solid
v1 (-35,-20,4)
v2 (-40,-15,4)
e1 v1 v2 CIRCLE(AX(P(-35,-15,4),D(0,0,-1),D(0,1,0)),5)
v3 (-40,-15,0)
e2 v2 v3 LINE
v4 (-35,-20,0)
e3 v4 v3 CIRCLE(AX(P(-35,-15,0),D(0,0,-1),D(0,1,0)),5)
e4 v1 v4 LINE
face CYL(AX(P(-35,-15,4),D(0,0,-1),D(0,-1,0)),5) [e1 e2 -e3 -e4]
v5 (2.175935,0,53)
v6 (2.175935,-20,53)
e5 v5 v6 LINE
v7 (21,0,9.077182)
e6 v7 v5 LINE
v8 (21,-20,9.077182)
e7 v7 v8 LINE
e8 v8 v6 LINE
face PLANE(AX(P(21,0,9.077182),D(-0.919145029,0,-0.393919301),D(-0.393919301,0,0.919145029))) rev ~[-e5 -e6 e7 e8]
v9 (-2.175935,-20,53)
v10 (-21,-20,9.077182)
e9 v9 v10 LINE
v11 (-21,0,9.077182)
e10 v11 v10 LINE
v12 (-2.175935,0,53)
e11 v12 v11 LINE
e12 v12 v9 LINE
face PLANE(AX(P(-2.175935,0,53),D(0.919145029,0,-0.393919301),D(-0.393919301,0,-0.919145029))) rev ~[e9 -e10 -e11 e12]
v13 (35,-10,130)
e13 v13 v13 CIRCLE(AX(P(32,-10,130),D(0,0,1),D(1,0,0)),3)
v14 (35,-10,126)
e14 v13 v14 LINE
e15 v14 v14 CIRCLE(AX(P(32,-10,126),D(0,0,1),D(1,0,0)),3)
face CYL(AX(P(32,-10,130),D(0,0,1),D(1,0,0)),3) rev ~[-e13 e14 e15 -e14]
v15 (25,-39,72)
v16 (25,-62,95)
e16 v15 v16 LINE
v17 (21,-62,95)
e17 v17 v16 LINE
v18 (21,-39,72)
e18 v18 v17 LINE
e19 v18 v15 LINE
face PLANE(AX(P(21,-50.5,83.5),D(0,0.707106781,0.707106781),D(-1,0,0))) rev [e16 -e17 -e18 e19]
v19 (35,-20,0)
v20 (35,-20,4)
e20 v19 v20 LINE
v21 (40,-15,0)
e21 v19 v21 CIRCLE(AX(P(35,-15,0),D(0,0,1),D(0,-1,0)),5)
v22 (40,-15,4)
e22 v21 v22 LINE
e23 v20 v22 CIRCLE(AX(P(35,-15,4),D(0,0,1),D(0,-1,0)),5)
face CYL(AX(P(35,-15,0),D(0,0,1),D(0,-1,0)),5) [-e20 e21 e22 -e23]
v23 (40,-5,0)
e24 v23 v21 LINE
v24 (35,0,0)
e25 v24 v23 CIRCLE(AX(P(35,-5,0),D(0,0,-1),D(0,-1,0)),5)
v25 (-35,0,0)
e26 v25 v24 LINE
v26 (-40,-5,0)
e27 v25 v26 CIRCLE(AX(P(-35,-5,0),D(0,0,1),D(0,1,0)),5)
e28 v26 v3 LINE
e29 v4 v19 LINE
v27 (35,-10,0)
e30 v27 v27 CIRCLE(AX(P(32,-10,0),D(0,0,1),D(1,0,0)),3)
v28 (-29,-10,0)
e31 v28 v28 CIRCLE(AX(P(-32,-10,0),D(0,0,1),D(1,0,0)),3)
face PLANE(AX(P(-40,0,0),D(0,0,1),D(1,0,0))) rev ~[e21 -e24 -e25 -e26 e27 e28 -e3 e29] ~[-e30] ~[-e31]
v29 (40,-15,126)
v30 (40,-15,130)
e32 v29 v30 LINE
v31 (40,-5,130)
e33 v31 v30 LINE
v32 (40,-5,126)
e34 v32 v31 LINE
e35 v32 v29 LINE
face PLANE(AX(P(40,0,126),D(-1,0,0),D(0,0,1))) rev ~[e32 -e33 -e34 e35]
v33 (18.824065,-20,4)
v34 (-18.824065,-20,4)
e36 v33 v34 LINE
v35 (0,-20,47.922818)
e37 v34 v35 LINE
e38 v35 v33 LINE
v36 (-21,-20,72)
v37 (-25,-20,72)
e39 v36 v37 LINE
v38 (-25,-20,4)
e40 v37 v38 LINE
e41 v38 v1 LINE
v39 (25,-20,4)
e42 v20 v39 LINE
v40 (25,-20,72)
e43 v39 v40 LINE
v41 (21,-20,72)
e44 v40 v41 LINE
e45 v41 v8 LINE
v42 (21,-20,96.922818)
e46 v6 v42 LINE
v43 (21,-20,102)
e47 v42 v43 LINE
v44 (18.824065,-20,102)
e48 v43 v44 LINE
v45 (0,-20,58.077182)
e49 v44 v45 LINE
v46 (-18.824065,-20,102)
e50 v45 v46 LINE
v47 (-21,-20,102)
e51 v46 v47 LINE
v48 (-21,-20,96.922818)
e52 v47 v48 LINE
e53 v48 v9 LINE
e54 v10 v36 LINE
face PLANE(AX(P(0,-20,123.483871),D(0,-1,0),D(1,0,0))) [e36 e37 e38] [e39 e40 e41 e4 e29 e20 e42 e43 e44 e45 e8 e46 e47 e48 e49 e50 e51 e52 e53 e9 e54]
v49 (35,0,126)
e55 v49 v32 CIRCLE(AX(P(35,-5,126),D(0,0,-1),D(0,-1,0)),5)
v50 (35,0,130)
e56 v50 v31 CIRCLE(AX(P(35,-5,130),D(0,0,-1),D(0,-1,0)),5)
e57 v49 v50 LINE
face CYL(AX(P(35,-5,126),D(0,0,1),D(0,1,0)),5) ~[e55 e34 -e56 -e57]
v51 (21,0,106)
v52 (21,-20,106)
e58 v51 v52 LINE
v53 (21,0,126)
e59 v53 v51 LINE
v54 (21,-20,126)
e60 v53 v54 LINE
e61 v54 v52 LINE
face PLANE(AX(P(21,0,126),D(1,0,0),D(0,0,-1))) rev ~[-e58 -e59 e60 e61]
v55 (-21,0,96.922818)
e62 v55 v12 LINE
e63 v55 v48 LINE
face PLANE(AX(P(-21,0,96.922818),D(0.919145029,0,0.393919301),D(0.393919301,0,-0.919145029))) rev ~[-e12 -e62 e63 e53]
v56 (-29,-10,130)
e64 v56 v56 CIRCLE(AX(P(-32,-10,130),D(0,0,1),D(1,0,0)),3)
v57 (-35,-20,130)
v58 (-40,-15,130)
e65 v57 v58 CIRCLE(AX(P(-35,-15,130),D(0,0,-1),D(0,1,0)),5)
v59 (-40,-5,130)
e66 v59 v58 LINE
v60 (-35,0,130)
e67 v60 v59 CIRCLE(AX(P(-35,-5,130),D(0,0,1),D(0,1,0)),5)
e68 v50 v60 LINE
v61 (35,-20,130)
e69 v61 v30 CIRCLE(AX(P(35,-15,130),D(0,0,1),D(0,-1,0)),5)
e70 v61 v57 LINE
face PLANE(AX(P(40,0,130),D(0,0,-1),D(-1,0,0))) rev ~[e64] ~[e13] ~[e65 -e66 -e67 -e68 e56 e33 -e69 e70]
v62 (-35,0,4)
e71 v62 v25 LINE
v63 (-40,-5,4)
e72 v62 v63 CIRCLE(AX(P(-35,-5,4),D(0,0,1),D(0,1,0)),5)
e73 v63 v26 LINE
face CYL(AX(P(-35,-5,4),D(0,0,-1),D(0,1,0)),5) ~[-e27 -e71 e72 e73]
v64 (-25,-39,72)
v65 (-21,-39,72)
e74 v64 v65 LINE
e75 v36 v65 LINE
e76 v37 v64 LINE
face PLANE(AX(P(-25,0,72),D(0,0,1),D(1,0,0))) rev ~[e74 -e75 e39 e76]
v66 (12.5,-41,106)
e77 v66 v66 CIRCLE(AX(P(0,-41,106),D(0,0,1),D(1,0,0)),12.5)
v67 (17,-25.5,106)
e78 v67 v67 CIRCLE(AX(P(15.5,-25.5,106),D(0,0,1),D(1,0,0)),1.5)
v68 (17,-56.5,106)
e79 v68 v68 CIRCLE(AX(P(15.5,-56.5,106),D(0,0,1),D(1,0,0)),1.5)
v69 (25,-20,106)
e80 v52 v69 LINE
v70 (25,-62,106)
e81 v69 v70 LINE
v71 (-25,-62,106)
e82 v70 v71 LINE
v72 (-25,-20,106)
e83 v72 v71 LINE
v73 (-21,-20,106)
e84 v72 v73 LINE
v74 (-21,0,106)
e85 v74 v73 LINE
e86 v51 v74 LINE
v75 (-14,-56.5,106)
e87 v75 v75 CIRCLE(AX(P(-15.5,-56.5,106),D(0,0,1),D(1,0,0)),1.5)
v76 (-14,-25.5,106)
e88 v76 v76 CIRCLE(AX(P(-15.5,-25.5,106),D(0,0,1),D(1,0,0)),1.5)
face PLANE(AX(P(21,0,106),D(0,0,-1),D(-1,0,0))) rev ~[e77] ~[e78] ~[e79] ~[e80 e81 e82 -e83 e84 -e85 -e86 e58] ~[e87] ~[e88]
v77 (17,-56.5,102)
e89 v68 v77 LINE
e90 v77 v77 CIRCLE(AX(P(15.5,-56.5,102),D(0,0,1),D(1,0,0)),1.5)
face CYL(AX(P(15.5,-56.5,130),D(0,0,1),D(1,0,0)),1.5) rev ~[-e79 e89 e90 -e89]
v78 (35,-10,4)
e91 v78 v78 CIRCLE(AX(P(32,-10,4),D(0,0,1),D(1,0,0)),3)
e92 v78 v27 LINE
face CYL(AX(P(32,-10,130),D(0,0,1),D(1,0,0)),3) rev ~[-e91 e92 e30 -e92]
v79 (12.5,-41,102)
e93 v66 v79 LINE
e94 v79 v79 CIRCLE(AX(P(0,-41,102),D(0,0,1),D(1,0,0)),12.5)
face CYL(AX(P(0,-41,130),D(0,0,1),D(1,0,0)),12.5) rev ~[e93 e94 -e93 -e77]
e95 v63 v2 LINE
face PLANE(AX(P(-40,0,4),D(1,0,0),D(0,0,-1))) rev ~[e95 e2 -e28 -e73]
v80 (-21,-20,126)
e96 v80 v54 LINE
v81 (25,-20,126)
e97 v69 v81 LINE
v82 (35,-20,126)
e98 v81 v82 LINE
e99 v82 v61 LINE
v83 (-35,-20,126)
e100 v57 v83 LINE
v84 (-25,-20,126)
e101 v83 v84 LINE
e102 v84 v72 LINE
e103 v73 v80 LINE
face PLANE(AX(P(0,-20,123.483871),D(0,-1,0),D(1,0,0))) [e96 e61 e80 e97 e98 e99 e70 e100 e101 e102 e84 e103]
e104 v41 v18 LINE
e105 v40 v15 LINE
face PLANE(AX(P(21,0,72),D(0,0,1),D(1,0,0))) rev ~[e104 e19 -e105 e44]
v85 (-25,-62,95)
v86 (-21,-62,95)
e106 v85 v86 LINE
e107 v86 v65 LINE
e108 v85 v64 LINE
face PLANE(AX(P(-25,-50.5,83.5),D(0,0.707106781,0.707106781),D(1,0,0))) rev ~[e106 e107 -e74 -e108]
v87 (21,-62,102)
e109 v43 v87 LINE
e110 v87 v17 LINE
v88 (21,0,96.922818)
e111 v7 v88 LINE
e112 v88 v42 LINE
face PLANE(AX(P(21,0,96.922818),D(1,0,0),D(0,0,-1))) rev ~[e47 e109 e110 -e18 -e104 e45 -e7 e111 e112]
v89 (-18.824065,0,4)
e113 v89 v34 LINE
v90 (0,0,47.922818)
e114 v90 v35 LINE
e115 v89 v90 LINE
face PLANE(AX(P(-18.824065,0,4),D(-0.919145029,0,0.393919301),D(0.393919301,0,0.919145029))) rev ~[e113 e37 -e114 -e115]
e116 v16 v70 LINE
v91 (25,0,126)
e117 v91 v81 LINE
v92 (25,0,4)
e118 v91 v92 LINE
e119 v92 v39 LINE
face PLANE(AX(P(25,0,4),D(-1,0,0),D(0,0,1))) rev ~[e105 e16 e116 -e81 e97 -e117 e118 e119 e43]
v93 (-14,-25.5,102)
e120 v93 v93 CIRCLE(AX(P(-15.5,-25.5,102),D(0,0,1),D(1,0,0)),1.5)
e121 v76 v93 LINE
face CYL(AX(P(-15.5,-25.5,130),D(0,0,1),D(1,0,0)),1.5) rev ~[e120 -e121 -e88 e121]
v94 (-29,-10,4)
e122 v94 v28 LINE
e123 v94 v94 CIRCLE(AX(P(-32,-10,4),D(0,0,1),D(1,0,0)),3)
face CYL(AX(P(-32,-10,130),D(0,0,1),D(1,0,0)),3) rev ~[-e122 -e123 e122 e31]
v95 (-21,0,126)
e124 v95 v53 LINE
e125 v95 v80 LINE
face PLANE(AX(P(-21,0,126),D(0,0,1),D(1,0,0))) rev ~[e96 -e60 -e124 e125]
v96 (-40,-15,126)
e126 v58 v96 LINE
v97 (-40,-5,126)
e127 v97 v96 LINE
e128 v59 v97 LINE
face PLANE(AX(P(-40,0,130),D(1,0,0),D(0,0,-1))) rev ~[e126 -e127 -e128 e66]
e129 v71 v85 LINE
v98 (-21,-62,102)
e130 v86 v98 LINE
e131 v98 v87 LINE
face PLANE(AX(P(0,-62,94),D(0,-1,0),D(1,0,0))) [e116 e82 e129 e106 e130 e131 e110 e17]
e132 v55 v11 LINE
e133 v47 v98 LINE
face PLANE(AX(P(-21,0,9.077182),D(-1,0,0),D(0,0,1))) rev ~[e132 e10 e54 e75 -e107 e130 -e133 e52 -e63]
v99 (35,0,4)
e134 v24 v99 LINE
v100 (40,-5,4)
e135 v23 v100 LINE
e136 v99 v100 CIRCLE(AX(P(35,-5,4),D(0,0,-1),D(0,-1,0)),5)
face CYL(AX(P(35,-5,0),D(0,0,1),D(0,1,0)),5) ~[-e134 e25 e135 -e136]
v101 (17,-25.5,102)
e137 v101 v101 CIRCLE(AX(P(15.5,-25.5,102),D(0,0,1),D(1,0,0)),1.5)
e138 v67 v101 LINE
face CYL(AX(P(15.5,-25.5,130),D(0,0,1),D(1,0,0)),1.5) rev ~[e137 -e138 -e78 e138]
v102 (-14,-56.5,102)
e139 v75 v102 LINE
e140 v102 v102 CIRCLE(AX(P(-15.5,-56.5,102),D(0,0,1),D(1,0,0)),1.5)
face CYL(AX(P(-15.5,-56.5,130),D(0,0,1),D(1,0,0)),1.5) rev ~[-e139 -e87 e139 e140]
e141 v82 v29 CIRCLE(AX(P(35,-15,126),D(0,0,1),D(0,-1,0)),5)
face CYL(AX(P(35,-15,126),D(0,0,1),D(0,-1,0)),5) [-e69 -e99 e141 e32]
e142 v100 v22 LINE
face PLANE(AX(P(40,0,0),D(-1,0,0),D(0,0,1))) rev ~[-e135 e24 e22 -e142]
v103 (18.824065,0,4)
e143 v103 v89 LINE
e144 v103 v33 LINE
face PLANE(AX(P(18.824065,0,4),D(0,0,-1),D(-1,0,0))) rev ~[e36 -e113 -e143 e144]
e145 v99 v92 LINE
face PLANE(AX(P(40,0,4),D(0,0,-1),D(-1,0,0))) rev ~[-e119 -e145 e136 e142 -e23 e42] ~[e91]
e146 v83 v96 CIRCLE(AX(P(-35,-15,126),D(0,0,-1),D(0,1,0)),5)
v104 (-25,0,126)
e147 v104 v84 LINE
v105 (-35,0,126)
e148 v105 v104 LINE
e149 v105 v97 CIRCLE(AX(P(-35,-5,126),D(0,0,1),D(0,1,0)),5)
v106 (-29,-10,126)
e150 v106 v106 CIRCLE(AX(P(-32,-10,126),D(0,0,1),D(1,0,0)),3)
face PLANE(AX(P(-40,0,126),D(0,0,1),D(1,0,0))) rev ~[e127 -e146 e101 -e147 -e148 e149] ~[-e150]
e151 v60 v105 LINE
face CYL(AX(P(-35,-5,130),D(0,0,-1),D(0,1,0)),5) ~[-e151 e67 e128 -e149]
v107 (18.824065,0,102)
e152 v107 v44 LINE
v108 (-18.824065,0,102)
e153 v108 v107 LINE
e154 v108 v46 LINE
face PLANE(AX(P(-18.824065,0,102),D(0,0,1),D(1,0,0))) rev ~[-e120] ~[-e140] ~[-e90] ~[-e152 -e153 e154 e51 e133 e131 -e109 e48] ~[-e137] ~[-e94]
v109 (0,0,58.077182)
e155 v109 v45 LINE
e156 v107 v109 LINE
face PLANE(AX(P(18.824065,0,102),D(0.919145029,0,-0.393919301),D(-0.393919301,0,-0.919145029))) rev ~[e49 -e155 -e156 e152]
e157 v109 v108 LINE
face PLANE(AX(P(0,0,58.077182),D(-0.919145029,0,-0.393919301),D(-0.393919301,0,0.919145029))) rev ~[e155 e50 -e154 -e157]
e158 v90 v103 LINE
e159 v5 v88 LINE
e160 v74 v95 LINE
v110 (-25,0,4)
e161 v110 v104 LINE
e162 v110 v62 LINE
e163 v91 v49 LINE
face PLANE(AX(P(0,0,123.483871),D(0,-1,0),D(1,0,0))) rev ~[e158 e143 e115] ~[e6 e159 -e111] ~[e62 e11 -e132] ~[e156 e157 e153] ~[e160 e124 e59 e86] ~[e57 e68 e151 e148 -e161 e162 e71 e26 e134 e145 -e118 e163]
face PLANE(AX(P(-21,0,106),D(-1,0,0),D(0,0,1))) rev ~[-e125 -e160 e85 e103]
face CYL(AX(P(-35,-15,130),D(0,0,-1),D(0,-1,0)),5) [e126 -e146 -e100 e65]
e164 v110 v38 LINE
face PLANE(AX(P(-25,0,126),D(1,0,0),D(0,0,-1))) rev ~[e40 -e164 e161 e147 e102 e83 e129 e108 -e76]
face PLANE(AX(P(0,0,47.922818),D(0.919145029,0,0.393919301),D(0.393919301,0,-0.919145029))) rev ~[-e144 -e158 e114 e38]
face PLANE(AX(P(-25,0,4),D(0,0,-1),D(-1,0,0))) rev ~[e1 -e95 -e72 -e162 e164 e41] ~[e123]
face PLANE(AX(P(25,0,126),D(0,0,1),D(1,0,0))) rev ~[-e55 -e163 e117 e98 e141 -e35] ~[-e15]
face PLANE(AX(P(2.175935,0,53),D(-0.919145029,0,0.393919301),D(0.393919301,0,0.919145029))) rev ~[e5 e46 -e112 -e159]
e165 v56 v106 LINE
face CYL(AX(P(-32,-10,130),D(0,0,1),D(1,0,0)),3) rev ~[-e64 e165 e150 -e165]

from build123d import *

# Parameters (mm, degrees)
F1_DEPTH = 20
F2_DEPTH = 62
F3_R     = 12.5
F3_R_2   = 1.5
F3_R_3   = 3
F4_DEPTH = 130
F5_SIZE  = 23
F6_R     = 5


with BuildPart() as f1:
    # F0 (on Front) → F1 (new body)
    with BuildSketch(Plane.XZ):
        Polygon((40, 130), (0, 130), (-40, 130), (-40, 126), (-25, 126), (-25, 106), (-21, 106), (-21, 126), (0, 126), (21, 126), (21, 106), (25, 106), (25, 126), (40, 126), align=None)
        Polygon((-21, 106), (-25, 106), (-25, 72), (-21, 72), (-21, 96.922818), (-21, 102), (-18.824065, 102), (0, 102), (18.824065, 102), (21, 102), (21, 96.922818), (21, 72), (25, 72), (25, 106), (21, 106), (0, 106), align=None)
        Polygon((-21, 72), (-25, 72), (-25, 4), (-40, 4), (-40, 0), (0, 0), (40, 0), (40, 4), (25, 4), (25, 72), (21, 72), (21, 9.077182), (21, 4), (18.824065, 4), (0, 4), (-18.824065, 4), (-21, 4), (-21, 9.077182), align=None)
        Polygon((-21, 102), (-21, 96.922818), (-2.175935, 53), (-21, 9.077182), (-21, 4), (-18.824065, 4), (0, 47.922818), (18.824065, 4), (21, 4), (21, 9.077182), (2.175935, 53), (21, 96.922818), (21, 102), (18.824065, 102), (0, 58.077182), (-18.824065, 102), align=None)
    extrude(amount=F1_DEPTH)

    # F0 (on Front) → F2 (join)
    with BuildSketch(Plane.XZ):
        Polygon((-21, 106), (-25, 106), (-25, 72), (-21, 72), (-21, 96.922818), (-21, 102), (-18.824065, 102), (0, 102), (18.824065, 102), (21, 102), (21, 96.922818), (21, 72), (25, 72), (25, 106), (21, 106), (0, 106), align=None)
    extrude(amount=F2_DEPTH)

    # F3 (on face) → F4 (cut)
    with BuildSketch(Plane.XY.offset(130)):
        with Locations((0, -41)):
            Circle(F3_R)
        with Locations((-15.5, -56.5)):
            Circle(F3_R_2)
        with Locations((15.5, -56.5)):
            Circle(F3_R_2)
        with Locations((15.5, -25.5)):
            Circle(F3_R_2)
        with Locations((-15.5, -25.5)):
            Circle(F3_R_2)
        with Locations((-32, -10)):
            Circle(F3_R_3)
        with Locations((32, -10)):
            Circle(F3_R_3)
    extrude(amount=-F4_DEPTH, mode=Mode.SUBTRACT)

    # F5
    f5_edges = [f1.edges().sort_by_distance(p)[0] for p in [
        (-23, -62, 72),
        (23, -62, 72),
    ]]
    chamfer(f5_edges, length=F5_SIZE)

    # F6
    f6_edges = [f1.edges().sort_by_distance(p)[0] for p in [
        (-40, 0, 128),
        (-40, -20, 128),
        (40, 0, 128),
        (40, -20, 128),
        (40, 0, 2),
        (40, -20, 2),
        (-40, 0, 2),
        (-40, -20, 2),
    ]]
    fillet(f6_edges, radius=F6_R)


solid = f1.part
